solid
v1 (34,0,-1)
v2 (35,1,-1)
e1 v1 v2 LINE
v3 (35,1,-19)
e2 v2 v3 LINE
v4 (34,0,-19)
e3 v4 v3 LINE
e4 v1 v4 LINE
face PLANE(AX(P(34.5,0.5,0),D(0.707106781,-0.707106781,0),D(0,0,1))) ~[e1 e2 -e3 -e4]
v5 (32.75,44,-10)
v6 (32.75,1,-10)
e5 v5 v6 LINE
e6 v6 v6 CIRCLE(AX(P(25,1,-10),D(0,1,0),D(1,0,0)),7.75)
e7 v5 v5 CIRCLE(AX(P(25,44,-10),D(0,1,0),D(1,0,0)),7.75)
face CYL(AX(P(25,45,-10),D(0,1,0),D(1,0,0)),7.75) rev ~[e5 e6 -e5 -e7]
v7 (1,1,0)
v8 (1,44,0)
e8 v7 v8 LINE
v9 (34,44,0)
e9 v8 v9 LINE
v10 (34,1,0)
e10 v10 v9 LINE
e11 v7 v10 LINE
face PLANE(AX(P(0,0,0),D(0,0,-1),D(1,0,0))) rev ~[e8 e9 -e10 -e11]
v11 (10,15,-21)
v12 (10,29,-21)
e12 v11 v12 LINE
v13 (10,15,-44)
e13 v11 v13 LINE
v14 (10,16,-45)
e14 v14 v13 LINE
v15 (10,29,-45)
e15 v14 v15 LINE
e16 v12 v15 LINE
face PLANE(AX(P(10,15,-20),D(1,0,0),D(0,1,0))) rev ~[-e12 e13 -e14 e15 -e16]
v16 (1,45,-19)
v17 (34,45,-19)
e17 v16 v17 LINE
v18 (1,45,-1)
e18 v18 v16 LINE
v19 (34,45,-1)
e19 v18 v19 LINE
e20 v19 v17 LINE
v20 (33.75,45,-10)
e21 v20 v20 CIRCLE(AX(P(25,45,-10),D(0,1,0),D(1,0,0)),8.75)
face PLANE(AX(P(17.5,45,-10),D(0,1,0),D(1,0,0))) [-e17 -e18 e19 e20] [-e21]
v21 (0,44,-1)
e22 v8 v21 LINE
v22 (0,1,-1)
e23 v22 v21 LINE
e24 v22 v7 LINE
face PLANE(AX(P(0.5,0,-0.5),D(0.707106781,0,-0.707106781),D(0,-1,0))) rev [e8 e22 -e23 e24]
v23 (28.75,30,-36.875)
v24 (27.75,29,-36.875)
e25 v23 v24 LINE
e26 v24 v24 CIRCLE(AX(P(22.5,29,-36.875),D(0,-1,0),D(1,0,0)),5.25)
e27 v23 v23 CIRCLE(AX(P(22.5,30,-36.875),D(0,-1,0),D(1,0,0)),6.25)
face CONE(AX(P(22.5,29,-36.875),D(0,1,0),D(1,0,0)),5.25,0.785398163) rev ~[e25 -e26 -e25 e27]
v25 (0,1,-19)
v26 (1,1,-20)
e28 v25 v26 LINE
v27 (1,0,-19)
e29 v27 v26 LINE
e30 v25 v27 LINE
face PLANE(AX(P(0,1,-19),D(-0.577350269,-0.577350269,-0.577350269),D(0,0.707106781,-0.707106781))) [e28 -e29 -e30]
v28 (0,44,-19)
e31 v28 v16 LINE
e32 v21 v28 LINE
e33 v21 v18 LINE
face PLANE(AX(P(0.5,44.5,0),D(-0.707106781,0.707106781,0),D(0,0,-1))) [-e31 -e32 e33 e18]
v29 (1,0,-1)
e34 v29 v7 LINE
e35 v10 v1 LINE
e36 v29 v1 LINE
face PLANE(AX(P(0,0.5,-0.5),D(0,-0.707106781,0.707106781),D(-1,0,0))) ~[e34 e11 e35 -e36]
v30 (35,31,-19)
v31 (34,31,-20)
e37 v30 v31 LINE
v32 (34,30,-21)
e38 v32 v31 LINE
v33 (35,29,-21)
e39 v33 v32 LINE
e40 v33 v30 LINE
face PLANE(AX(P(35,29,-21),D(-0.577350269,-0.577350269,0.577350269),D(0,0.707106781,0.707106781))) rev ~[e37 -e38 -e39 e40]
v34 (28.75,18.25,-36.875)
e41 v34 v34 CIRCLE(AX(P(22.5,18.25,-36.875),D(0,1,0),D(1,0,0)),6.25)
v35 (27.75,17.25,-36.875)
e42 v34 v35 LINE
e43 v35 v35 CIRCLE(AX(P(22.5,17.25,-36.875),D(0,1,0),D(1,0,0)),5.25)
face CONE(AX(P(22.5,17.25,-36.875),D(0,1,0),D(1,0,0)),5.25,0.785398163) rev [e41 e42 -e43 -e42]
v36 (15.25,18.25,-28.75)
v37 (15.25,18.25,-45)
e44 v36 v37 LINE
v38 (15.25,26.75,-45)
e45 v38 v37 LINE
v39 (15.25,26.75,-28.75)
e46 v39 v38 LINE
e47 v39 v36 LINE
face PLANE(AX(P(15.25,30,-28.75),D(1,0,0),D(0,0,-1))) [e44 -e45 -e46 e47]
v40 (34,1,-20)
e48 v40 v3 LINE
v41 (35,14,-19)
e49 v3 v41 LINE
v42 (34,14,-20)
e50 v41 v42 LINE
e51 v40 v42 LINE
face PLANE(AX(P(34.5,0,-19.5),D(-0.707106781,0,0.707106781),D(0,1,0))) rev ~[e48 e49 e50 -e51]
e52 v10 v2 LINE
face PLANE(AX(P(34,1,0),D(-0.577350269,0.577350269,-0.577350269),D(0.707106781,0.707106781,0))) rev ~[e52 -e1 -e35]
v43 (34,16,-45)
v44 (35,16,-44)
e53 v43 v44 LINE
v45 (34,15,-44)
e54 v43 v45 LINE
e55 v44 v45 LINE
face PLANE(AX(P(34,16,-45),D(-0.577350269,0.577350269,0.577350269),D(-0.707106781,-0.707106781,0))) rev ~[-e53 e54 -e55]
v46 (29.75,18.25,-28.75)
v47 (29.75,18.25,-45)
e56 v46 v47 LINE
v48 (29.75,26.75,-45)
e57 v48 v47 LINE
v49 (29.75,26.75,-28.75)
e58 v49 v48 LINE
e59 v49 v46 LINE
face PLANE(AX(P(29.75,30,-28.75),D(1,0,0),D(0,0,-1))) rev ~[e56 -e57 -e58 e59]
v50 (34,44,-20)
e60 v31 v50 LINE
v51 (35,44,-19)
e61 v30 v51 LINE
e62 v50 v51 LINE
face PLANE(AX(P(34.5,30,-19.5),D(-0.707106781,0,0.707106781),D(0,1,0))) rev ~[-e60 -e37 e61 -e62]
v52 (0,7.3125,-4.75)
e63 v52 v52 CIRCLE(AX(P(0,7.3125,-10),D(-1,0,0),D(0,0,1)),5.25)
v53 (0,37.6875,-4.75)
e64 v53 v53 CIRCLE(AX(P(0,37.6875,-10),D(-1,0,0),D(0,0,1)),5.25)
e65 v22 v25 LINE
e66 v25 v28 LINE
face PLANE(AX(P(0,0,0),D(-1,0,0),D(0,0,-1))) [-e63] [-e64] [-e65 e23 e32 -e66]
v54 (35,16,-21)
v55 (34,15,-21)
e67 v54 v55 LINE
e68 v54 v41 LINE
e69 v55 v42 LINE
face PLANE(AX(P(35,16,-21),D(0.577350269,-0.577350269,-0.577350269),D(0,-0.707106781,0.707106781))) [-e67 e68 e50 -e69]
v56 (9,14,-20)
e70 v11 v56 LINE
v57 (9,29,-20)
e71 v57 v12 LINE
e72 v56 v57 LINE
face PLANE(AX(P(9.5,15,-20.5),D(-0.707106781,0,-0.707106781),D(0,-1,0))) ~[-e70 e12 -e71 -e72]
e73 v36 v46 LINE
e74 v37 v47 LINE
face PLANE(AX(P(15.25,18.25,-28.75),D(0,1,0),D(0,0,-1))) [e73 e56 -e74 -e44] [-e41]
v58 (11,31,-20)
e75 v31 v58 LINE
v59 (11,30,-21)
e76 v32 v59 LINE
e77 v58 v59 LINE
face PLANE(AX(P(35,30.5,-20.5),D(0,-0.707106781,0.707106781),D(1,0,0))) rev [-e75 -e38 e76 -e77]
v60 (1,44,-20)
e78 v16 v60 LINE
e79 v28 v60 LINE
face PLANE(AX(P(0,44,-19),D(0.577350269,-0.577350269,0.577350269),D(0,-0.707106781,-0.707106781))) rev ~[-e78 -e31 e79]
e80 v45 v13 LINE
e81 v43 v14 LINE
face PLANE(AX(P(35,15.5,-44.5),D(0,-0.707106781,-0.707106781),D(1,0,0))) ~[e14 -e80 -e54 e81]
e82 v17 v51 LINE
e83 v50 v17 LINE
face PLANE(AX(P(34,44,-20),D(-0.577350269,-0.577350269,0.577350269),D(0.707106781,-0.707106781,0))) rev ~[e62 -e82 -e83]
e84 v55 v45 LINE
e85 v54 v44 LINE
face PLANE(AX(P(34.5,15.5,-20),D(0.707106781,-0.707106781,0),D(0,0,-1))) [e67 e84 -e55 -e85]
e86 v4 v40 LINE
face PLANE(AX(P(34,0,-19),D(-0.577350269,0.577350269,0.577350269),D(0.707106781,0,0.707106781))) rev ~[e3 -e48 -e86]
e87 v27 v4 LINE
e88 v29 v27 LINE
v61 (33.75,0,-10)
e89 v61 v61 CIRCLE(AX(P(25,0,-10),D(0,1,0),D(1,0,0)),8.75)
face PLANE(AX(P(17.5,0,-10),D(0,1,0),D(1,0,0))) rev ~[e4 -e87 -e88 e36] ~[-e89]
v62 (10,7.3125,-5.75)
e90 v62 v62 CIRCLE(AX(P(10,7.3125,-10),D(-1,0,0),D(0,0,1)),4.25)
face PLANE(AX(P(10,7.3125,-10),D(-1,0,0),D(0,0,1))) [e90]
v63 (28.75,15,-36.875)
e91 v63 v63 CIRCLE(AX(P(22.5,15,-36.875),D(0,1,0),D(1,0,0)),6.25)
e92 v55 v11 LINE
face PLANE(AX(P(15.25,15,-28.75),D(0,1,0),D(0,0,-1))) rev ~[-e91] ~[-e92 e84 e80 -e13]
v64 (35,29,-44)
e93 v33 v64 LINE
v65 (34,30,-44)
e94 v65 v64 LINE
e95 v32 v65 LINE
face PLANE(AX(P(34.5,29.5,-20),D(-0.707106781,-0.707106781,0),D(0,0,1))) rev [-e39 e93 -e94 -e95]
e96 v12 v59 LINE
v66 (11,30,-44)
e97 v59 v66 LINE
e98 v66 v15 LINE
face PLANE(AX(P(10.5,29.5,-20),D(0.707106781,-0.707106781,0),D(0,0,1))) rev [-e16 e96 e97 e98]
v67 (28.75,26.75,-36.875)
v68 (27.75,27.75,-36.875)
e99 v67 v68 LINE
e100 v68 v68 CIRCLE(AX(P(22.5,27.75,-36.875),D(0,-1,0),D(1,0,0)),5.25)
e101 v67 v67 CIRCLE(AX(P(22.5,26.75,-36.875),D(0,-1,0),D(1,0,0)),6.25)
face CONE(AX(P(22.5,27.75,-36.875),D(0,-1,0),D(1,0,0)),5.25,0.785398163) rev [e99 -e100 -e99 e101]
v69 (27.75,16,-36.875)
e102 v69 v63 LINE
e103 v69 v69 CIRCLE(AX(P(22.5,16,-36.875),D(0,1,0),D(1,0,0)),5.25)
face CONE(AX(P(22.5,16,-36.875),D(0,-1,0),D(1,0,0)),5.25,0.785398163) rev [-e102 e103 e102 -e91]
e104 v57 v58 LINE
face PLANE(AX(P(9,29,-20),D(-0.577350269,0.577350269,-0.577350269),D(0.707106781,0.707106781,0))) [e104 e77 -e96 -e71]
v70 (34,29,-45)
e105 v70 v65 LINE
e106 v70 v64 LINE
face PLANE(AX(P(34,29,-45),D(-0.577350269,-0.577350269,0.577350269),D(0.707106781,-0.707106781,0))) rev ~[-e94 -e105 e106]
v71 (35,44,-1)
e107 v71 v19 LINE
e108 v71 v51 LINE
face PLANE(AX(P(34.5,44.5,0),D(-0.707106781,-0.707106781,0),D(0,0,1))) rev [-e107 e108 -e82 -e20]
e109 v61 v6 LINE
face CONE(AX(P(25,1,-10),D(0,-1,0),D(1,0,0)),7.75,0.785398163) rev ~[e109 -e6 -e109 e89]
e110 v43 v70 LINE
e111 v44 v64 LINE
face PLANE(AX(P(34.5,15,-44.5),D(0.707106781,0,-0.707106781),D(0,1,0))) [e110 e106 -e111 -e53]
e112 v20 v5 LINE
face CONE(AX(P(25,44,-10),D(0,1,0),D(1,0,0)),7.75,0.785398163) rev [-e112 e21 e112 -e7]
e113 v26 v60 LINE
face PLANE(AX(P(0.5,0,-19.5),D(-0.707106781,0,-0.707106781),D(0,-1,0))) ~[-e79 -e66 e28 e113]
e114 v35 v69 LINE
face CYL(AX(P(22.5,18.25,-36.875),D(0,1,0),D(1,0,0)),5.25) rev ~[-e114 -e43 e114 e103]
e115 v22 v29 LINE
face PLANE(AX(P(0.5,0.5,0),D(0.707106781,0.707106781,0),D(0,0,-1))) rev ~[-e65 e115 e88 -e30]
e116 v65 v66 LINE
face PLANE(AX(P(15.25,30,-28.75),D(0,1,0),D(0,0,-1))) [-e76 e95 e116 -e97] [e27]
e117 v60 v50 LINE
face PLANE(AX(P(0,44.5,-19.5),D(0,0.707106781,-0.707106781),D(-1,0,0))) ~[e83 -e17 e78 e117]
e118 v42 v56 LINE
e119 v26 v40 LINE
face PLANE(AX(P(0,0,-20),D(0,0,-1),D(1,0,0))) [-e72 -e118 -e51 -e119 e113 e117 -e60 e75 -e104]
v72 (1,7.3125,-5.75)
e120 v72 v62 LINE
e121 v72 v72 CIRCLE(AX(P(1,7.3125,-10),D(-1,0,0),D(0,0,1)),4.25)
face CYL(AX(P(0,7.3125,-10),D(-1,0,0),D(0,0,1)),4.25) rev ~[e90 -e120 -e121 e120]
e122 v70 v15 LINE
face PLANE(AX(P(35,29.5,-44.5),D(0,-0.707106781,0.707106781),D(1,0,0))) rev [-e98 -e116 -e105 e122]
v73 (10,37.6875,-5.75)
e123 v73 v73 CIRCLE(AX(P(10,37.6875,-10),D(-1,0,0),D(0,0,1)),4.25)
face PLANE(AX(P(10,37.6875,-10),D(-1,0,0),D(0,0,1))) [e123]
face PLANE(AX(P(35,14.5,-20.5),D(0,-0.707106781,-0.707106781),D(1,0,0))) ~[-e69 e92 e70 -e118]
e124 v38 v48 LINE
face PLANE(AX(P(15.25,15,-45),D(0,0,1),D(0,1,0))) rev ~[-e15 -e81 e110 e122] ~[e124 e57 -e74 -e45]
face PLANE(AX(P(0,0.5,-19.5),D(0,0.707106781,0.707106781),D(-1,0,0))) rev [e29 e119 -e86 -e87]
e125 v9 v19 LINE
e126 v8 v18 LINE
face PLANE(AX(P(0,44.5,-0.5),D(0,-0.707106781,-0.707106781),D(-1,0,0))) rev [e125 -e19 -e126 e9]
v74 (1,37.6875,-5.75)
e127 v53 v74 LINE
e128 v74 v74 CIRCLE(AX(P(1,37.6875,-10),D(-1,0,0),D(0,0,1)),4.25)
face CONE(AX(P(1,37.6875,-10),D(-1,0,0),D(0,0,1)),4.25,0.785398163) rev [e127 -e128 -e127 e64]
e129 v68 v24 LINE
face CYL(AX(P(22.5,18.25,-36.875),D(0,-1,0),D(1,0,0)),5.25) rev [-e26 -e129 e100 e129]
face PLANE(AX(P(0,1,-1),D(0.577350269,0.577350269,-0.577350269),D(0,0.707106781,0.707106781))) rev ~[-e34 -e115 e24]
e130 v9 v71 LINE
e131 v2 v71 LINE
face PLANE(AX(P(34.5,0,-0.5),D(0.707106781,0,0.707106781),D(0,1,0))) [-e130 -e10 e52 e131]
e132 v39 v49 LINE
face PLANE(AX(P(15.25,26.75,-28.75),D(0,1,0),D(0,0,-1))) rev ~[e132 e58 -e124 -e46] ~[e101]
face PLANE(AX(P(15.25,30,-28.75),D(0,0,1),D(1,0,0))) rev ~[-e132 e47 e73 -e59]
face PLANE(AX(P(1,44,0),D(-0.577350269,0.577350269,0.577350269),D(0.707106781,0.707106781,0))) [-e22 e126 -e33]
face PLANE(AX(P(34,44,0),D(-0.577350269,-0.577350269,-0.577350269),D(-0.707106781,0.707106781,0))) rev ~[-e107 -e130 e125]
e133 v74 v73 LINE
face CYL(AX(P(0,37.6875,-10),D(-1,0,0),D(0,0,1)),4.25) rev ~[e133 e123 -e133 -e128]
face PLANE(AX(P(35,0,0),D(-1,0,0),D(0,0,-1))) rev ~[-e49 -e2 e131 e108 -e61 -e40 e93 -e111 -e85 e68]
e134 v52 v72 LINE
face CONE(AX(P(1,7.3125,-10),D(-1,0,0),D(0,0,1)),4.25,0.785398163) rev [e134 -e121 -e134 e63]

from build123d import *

# Parameters (mm, degrees)
SKETCH1_W               = 35
SKETCH1_H               = 20
BOSS_EXTRUDE1_DEPTH     = 45
SKETCH2_R               = 7.75
CUT_EXTRUDE1_DEPTH      = 46
SKETCH10_R              = 4.25
CUT_EXTRUDE6_DEPTH      = 10
SKETCH4_W               = 25
SKETCH4_H               = 15
BOSS_EXTRUDE2_DEPTH     = 25
SKETCH5_W               = 14.5
SKETCH5_H               = 16.25
CUT_EXTRUDE3_DEPTH      = 31
BOSS_EXTRUDE3_REACH     = 21.75
SKETCH6_W               = 16.25
SKETCH6_H               = 3.25
SKETCH7_R               = 5.25
CUT_EXTRUDE4_DEPTH      = 27.75
CUT_EXTRUDE4_DEPTH_BACK = 19.25
CHAMFER1_SIZE           = 1


with BuildPart() as part:
    # Sketch1 → Boss-Extrude1 (new body)
    with BuildSketch(Plane(origin=(0, 0, 0), x_dir=(1, 0, 0), z_dir=(0, 1, 0))):
        with Locations((17.5, 10)):
            Rectangle(SKETCH1_W, SKETCH1_H)
    extrude(amount=BOSS_EXTRUDE1_DEPTH)

    # Sketch2 → Cut-Extrude1 (cut, through all)
    with BuildSketch(Plane(origin=(0, 45, 0), x_dir=(1, 0, 0), z_dir=(0, 1, 0))):
        with Locations((25, 10)):
            Circle(SKETCH2_R)
    extrude(amount=-CUT_EXTRUDE1_DEPTH, mode=Mode.SUBTRACT)

    # Sketch10 → Cut-Extrude6 (cut)
    with BuildSketch(Plane.ZY):
        with Locations((-10, 37.6875)):
            Circle(SKETCH10_R)
        with Locations((-10, 7.3125)):
            Circle(SKETCH10_R)
    extrude(amount=-CUT_EXTRUDE6_DEPTH, mode=Mode.SUBTRACT)

    # Sketch4 → Boss-Extrude2 (add)
    with BuildSketch(Plane(origin=(0, 0, -20), x_dir=(-1, 0, 0), z_dir=(0, 0, -1))):
        with Locations((-22.5, 22.5)):
            Rectangle(SKETCH4_W, SKETCH4_H)
    extrude(amount=BOSS_EXTRUDE2_DEPTH)

    # Sketch5 → Cut-Extrude3 (cut, through all)
    with BuildSketch(Plane(origin=(0, 30, 0), x_dir=(1, 0, 0), z_dir=(0, 1, 0))):
        with Locations((22.5, 36.875)):
            Rectangle(SKETCH5_W, SKETCH5_H)
    extrude(amount=-CUT_EXTRUDE3_DEPTH, mode=Mode.SUBTRACT)

    # Sketch6 → Boss-Extrude3 (add, up to next)
    with BuildSketch(Plane(origin=(15.25, 0, 0), x_dir=(0, 0, -1), z_dir=(1, 0, 0)), mode=Mode.PRIVATE) as boss_extrude3_sk1:
        with Locations((36.875, 28.375)):
            Rectangle(SKETCH6_W, SKETCH6_H)
    boss_extrude3_tool1 = extrude(boss_extrude3_sk1.sketch, amount=BOSS_EXTRUDE3_REACH, mode=Mode.PRIVATE) - part.part
    add(boss_extrude3_tool1.solids().sort_by_distance((15.25, 28.375, -36.875))[0])
    # Sketch6 → Boss-Extrude3 (add, up to next)
    with BuildSketch(Plane(origin=(15.25, 0, 0), x_dir=(0, 0, -1), z_dir=(1, 0, 0)), mode=Mode.PRIVATE) as boss_extrude3_sk2:
        with Locations((36.875, 16.625)):
            Rectangle(SKETCH6_W, SKETCH6_H)
    boss_extrude3_tool2 = extrude(boss_extrude3_sk2.sketch, amount=BOSS_EXTRUDE3_REACH, mode=Mode.PRIVATE) - part.part
    add(boss_extrude3_tool2.solids().sort_by_distance((15.25, 16.625, -36.875))[0])

    # Sketch7 → Cut-Extrude4 (cut, two sides)
    with BuildSketch(Plane(origin=(0, 18.25, 0), x_dir=(1, 0, 0), z_dir=(0, 1, 0))) as cut_extrude4_sk:
        with Locations((22.5, 36.875)):
            Circle(SKETCH7_R)
    extrude(amount=CUT_EXTRUDE4_DEPTH, mode=Mode.SUBTRACT)
    extrude(cut_extrude4_sk.sketch, amount=-CUT_EXTRUDE4_DEPTH_BACK, mode=Mode.SUBTRACT)

    # Chamfer1
    chamfer1_edges = [part.edges().sort_by_distance(p)[0] for p in [
        (35, 45, -10),
        (17.25, 0, -10),
        (17.25, 45, -10),
        (17.5, 45, -20),
        (0, 37.6875, -14.25),
        (0, 7.3125, -14.25),
        (35, 7.5, -20),
        (10, 22.5, -20),
        (22.5, 30, -20),
        (10, 30, -32.5),
        (35, 30, -32.5),
        (22.5, 15, -20),
        (35, 15, -32.5),
        (22.5, 30, -45),
        (35, 22.5, -45),
        (22.5, 15, -45),
        (0, 45, -10),
        (17.5, 0, -20),
        (35, 0, -10),
        (17.5, 0, 0),
        (0, 0, -10),
        (0, 22.5, -20),
        (35, 37.5, -20),
        (35, 22.5, 0),
        (0, 22.5, 0),
        (17.25, 26.75, -36.875),
        (17.25, 30, -36.875),
        (17.25, 18.25, -36.875),
        (17.25, 15, -36.875),
        (17.5, 45, 0),
    ]]
    chamfer(chamfer1_edges, length=CHAMFER1_SIZE)


solid = part.part
